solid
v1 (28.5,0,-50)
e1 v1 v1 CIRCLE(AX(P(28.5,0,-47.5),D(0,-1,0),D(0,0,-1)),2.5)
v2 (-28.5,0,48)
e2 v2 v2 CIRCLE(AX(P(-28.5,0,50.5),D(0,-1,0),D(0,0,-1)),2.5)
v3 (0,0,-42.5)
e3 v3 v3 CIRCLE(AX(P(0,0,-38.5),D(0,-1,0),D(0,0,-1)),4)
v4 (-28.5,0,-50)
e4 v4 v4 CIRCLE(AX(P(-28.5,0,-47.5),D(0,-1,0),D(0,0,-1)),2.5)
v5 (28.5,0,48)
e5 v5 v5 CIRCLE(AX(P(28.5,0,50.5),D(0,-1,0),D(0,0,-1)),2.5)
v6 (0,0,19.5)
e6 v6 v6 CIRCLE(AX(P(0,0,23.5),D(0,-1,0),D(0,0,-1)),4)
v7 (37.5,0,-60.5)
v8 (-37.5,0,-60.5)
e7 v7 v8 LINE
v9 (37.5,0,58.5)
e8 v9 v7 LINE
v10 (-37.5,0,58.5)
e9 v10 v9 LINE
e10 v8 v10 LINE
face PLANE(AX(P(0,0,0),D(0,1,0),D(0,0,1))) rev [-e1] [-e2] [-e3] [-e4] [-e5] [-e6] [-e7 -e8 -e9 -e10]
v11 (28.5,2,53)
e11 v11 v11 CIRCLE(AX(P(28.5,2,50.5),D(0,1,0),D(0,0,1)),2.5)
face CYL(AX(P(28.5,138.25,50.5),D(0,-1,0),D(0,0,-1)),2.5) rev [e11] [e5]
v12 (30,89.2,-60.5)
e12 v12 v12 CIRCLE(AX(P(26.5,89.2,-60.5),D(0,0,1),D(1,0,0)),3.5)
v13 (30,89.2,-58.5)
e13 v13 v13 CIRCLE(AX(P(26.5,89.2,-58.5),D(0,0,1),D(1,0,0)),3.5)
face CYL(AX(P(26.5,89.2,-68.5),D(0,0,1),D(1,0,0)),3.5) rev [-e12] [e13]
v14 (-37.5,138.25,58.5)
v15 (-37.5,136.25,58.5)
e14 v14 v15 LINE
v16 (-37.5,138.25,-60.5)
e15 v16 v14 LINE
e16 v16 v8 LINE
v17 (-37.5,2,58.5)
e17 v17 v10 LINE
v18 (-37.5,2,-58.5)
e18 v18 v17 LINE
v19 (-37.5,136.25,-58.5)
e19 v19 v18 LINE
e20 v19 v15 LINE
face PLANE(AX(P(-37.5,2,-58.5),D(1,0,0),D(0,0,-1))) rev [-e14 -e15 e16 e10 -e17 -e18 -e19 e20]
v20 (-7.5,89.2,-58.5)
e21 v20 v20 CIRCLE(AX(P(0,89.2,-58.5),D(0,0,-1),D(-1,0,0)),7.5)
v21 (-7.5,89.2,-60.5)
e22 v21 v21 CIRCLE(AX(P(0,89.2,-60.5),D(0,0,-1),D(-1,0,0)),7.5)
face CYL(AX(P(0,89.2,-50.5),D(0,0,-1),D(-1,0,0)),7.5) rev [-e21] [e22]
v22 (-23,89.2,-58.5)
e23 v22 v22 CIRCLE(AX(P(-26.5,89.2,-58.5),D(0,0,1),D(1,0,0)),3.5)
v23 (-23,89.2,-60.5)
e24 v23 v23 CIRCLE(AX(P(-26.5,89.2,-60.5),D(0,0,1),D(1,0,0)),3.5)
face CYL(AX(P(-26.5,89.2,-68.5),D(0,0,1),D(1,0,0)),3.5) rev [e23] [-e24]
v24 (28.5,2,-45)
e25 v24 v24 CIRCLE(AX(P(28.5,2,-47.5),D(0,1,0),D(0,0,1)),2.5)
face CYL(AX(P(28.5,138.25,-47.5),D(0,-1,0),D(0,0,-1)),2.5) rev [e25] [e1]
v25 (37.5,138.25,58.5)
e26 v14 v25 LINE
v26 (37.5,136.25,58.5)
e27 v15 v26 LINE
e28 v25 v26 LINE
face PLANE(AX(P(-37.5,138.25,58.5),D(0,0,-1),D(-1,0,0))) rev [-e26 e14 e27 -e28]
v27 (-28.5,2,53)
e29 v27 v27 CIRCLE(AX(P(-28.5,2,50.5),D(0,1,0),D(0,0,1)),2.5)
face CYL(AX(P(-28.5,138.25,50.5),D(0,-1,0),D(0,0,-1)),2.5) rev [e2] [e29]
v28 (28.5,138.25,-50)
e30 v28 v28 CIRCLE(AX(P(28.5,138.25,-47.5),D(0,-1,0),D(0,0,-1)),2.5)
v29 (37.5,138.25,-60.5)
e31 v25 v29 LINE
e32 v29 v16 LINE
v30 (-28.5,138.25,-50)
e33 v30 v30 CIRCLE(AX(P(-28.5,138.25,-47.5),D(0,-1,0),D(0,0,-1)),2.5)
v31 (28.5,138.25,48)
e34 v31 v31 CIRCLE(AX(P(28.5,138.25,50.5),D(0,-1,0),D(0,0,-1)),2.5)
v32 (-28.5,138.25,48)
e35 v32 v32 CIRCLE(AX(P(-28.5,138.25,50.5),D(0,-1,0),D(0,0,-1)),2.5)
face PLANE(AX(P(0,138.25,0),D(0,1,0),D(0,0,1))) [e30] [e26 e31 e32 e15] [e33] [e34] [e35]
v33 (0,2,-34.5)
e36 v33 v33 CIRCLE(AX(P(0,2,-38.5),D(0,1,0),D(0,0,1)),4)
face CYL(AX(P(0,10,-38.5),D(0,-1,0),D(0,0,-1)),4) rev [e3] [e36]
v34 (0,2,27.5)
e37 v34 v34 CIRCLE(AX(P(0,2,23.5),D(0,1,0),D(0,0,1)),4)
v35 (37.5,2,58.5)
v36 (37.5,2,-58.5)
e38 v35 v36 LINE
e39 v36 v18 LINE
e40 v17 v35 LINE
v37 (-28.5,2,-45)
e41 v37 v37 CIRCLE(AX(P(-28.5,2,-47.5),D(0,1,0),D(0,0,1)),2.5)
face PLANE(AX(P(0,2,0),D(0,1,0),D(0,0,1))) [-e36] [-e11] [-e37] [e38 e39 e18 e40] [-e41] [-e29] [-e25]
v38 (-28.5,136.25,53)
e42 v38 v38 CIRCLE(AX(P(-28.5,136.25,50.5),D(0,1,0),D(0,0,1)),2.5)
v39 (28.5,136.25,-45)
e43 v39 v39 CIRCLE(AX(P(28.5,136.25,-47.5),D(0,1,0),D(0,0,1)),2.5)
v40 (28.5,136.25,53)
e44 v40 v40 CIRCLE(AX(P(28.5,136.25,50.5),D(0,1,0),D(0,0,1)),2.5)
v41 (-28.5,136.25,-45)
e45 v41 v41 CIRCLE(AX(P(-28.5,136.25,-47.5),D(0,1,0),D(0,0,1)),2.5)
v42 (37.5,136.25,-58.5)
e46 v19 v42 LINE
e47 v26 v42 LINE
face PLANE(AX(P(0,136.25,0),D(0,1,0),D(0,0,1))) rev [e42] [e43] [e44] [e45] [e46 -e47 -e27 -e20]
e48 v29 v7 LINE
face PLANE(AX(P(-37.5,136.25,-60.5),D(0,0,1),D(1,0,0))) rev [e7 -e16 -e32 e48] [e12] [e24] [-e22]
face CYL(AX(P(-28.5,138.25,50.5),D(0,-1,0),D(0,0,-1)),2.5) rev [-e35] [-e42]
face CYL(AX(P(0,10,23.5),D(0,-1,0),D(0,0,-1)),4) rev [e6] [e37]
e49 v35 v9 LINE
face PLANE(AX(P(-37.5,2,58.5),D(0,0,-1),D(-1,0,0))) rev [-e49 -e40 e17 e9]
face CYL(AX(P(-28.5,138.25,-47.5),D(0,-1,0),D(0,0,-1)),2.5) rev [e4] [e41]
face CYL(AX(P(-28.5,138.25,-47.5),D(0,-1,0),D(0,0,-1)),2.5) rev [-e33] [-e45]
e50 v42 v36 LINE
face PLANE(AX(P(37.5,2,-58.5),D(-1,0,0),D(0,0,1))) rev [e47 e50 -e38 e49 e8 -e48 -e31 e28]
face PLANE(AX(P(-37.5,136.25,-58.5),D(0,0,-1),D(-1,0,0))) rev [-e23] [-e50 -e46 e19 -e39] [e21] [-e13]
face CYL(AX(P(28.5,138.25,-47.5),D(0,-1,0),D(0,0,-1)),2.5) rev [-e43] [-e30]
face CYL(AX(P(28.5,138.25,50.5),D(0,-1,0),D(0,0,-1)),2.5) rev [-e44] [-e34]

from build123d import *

# Parameters (mm, degrees)
ESBO_O1_W                = 75
ESBO_O1_H                = 117
RESSALTO_EXTRUS_O1_DEPTH = 2
ESBO_O2_W                = 75
ESBO_O2_H                = 2
RESSALTO_EXTRUS_O2_DEPTH = 136.25
ESBO_O3_W                = 75
ESBO_O3_H                = 119
RESSALTO_EXTRUS_O3_DEPTH = 2
ESBO_O4_R                = 2.5
CORTE_EXTRUS_O1_DEPTH    = 139.25
ESBO_O5_R                = 7.5
CORTE_EXTRUS_O2_DEPTH    = 10
CORTE_EXTRUS_O3_DEPTH    = 10
ESBO_O7_R                = 4
CORTE_EXTRUS_O4_DEPTH    = 10


with BuildPart() as part:
    # Esboço1 → Ressalto-extrusão1 (new body)
    with BuildSketch(Plane(origin=(0, 0, 0), x_dir=(1, 0, 0), z_dir=(0, 1, 0))):
        Rectangle(ESBO_O1_W, ESBO_O1_H)
    extrude(amount=RESSALTO_EXTRUS_O1_DEPTH)

    # Esboço2 → Ressalto-extrusão2 (add)
    with BuildSketch(Plane(origin=(0, 0, 0), x_dir=(1, 0, 0), z_dir=(0, 1, 0))):
        with Locations((0, 59.5)):
            Rectangle(ESBO_O2_W, ESBO_O2_H)
    extrude(amount=RESSALTO_EXTRUS_O2_DEPTH)

    # Esboço3 → Ressalto-extrusão3 (add)
    with BuildSketch(Plane(origin=(0, 136.25, 0), x_dir=(1, 0, 0), z_dir=(0, 1, 0))):
        with Locations((0, 1)):
            Rectangle(ESBO_O3_W, ESBO_O3_H)
    extrude(amount=RESSALTO_EXTRUS_O3_DEPTH)

    # Esboço4 → Corte-extrusão1 (cut, through all)
    with BuildSketch(Plane.XZ):
        with Locations((28.5, -47.5)):
            Circle(ESBO_O4_R)
        with Locations((-28.5, -47.5)):
            Circle(ESBO_O4_R)
        with Locations((28.5, 50.5)):
            Circle(ESBO_O4_R)
        with Locations((-28.5, 50.5)):
            Circle(ESBO_O4_R)
    extrude(amount=-CORTE_EXTRUS_O1_DEPTH, mode=Mode.SUBTRACT)

    # Esboço5 → Corte-extrusão2 (cut)
    with BuildSketch(Plane(origin=(0, 0, -60.5), x_dir=(-1, 0, 0), z_dir=(0, 0, -1))):
        with Locations((0, 89.2)):
            Circle(ESBO_O5_R)
    extrude(amount=-CORTE_EXTRUS_O2_DEPTH, mode=Mode.SUBTRACT)

    # Esboço6 → Corte-extrusão3 (cut)
    with BuildSketch(Plane.XY.offset(-58.5)):
        with BuildLine():
            ThreePointArc((26.5, 85.7), (30, 89.2), (26.5, 92.7))
            ThreePointArc((26.5, 92.7), (23, 89.2), (26.5, 85.7))
        make_face()
        with BuildLine():
            ThreePointArc((-26.5, 85.7), (-23, 89.2), (-26.5, 92.7))
            ThreePointArc((-26.5, 92.7), (-30, 89.2), (-26.5, 85.7))
        make_face()
    extrude(amount=-CORTE_EXTRUS_O3_DEPTH, mode=Mode.SUBTRACT)

    # Esboço7 → Corte-extrusão4 (cut)
    with BuildSketch(Plane.XZ):
        with Locations((0, -38.5)):
            Circle(ESBO_O7_R)
        with Locations((0, 23.5)):
            Circle(ESBO_O7_R)
    extrude(amount=-CORTE_EXTRUS_O4_DEPTH, mode=Mode.SUBTRACT)


solid = part.part
